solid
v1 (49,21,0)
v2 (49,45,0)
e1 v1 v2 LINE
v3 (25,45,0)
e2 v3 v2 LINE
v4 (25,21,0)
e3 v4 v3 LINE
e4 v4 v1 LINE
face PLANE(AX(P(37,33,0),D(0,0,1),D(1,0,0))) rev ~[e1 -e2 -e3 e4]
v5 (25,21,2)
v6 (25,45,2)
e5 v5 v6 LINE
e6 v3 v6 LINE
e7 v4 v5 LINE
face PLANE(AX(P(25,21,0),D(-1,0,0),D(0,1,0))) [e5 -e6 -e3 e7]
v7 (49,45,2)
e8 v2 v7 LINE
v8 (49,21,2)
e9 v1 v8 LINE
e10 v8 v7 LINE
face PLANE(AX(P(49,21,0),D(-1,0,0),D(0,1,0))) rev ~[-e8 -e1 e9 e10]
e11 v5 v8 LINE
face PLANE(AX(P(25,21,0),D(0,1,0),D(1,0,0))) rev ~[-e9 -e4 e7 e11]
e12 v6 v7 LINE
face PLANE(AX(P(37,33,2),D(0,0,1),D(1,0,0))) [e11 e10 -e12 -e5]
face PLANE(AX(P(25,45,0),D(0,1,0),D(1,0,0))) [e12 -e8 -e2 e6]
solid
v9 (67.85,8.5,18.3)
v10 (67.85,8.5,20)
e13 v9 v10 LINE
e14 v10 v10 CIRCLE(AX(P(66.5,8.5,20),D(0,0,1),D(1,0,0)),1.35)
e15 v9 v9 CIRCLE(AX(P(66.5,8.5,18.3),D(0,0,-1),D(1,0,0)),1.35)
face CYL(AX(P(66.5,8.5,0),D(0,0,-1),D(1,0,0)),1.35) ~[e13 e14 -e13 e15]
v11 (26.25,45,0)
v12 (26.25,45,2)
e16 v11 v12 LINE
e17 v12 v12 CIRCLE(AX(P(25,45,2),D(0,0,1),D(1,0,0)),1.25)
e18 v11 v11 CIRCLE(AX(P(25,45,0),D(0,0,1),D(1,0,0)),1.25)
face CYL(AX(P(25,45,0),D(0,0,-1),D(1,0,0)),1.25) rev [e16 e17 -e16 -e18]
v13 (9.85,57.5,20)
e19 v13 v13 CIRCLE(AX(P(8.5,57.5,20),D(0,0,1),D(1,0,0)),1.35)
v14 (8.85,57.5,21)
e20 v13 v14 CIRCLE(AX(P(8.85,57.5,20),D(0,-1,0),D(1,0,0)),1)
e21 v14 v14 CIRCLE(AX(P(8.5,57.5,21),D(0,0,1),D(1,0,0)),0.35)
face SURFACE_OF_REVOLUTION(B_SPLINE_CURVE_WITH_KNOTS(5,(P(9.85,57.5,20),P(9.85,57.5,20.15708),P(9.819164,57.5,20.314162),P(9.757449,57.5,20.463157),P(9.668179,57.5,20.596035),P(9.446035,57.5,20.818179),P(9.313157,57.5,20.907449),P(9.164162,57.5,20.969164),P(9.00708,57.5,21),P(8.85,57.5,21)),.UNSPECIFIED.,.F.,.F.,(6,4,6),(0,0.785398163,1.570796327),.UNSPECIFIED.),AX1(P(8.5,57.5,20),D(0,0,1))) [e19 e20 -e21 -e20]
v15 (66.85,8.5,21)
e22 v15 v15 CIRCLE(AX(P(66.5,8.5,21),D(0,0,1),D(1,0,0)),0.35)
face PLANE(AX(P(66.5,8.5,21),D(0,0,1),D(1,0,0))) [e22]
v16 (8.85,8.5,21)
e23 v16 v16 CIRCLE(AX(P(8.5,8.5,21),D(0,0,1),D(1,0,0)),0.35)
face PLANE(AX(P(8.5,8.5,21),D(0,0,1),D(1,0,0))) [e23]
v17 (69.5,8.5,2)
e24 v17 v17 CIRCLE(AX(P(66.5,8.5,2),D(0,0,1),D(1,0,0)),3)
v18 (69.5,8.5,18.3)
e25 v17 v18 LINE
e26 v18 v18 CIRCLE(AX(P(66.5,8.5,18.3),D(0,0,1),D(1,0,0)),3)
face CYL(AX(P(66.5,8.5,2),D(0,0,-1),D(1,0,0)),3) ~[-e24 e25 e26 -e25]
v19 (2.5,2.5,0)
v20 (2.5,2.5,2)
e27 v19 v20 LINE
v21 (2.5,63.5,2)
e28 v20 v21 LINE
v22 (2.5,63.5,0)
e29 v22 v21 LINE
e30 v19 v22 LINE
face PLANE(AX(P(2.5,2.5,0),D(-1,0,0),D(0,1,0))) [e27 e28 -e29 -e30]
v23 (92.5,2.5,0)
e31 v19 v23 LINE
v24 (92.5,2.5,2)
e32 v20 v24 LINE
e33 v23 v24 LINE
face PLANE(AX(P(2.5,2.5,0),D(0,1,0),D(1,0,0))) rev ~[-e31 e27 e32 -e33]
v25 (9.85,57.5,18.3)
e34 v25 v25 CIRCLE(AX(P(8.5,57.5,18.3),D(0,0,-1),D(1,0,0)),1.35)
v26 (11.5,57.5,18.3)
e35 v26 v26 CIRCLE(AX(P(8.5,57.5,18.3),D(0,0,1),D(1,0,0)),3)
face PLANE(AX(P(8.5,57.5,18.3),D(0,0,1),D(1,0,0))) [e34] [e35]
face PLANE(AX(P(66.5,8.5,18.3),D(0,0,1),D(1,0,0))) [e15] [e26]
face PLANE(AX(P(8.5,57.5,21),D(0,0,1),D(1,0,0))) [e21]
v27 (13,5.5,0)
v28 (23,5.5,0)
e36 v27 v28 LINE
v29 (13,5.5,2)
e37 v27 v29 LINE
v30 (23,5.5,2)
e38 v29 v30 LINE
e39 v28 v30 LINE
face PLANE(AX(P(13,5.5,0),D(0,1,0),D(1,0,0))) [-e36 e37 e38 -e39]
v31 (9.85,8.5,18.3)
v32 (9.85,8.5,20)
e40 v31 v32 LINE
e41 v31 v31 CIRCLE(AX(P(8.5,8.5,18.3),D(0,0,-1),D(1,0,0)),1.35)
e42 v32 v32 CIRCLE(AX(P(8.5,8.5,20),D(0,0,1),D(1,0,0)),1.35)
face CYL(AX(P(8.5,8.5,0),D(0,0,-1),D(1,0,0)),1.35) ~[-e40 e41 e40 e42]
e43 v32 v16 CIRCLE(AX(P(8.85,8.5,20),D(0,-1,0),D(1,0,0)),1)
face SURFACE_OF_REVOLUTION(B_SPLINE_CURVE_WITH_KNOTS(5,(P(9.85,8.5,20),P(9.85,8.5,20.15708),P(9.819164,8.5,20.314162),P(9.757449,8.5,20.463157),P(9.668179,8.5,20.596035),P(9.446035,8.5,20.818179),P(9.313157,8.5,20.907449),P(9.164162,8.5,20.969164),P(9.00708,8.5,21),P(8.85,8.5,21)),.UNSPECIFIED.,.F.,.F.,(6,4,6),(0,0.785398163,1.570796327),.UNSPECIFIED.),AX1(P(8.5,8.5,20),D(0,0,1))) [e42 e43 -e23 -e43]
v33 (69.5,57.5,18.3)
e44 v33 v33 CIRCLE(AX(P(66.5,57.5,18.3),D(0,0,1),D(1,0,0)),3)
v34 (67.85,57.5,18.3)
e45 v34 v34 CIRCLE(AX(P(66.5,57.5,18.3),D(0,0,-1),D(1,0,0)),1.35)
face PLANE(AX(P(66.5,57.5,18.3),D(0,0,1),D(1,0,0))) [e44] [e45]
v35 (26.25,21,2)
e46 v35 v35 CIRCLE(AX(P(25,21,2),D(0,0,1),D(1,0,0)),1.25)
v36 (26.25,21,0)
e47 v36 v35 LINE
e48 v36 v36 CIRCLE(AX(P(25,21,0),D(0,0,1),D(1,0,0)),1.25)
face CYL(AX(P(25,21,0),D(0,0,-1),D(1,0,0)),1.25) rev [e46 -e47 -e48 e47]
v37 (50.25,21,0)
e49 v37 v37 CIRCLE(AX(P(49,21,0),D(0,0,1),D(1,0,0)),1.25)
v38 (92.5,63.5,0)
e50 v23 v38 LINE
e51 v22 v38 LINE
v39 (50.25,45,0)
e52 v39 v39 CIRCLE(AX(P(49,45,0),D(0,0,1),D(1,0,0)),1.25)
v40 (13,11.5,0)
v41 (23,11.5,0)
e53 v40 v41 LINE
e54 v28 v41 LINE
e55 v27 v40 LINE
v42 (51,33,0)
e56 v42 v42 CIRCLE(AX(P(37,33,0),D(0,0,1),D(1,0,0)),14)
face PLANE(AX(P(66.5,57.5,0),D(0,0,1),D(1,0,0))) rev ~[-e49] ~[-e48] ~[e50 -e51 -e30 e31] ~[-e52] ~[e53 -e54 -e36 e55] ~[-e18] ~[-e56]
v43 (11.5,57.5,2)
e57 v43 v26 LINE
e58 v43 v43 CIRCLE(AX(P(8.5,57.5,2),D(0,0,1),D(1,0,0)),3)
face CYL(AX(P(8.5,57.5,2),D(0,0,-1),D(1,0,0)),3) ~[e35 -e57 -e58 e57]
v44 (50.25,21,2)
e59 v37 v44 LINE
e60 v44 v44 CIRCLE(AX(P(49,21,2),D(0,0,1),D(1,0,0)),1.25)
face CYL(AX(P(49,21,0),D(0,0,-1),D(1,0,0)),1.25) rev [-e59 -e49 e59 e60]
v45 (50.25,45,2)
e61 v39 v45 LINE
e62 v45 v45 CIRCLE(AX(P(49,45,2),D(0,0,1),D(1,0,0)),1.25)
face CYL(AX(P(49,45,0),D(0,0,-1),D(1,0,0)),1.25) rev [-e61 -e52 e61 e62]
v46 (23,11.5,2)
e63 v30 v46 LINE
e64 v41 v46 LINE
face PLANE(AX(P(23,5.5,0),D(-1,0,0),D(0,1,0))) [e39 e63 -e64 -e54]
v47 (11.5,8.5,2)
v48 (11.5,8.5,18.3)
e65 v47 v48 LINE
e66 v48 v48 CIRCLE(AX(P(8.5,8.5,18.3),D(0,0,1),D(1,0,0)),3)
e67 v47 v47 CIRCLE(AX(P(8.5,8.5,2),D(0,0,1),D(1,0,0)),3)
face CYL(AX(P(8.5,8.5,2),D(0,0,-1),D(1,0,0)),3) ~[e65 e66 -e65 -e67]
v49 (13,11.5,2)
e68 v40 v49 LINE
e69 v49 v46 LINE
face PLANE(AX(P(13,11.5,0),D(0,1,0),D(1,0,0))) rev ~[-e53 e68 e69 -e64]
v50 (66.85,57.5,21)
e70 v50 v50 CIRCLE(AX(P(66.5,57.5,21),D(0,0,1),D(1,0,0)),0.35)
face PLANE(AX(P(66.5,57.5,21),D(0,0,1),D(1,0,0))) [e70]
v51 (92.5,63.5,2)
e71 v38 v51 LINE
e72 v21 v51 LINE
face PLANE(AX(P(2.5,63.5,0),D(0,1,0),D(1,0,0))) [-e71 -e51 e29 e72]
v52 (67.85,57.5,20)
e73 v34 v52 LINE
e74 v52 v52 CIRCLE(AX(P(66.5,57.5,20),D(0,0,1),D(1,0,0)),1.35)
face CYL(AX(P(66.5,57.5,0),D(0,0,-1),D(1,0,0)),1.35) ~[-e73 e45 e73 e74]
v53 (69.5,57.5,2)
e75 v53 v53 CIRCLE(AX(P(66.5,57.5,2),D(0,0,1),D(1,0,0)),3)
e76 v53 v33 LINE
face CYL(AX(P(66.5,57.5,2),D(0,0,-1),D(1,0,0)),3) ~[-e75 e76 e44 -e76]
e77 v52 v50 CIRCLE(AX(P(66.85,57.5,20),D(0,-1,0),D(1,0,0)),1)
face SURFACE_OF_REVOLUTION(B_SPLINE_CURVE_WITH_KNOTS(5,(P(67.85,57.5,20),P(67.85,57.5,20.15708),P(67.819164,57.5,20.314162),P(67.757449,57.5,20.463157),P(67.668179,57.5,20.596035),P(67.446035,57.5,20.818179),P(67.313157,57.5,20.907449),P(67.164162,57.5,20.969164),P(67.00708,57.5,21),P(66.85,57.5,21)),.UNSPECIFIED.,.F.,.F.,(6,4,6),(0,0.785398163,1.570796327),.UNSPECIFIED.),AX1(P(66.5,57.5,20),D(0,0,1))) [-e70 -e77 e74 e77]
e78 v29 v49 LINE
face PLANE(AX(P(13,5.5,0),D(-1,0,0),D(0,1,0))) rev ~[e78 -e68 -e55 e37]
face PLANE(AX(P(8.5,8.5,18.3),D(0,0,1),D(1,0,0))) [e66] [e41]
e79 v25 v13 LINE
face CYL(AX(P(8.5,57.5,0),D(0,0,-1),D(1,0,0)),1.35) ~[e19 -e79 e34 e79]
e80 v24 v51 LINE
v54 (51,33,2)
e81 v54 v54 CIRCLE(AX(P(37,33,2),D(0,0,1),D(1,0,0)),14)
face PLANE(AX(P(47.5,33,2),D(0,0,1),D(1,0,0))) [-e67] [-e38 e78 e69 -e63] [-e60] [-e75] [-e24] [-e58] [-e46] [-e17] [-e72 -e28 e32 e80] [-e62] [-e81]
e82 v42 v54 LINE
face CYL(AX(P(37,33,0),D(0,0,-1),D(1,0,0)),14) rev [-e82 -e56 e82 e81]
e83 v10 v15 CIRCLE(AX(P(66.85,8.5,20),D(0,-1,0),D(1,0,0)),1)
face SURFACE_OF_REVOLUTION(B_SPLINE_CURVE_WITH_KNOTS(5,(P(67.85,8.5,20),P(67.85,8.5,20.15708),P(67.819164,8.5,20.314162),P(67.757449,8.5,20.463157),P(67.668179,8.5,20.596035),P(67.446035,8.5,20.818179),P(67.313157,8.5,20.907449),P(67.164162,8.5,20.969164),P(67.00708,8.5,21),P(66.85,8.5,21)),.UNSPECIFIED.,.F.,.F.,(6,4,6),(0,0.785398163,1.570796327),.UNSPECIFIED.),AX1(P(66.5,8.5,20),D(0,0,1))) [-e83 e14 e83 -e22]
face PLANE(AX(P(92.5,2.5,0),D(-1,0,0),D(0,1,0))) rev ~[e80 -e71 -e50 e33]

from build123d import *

# Parameters (mm, degrees)
BOX001_W          = 24
BOX001_H          = 24
BOX001_DEPTH      = 2
CYLINDER012_R     = 1.25
CYLINDER012_DEPTH = 2
CYLINDER013_R     = 1.25
CYLINDER013_DEPTH = 2
CYLINDER014_R     = 1.25
CYLINDER014_DEPTH = 2
CYLINDER015_R     = 1.25
CYLINDER015_DEPTH = 2
BOX002_W          = 10
BOX002_H          = 6
BOX002_DEPTH      = 2
CYLINDER016_R     = 14
CYLINDER016_DEPTH = 2
CYLINDER002_R     = 1
CYLINDER002_DEPTH = 5
CYLINDER003_R     = 3
CYLINDER003_DEPTH = 16.3
CYLINDER004_R     = 1
CYLINDER004_DEPTH = 5
CYLINDER005_R     = 3
CYLINDER005_DEPTH = 16.3
CYLINDER006_R     = 1
CYLINDER006_DEPTH = 5
CYLINDER007_R     = 3
CYLINDER007_DEPTH = 16.3
CYLINDER001_R     = 1
CYLINDER001_DEPTH = 5
CYLINDER_R        = 3
CYLINDER_DEPTH    = 16.3
CYLINDER008_R     = 1.35
CYLINDER008_DEPTH = 21
FILLET_R          = 1
CYLINDER009_R     = 1.35
CYLINDER009_DEPTH = 21
FILLET001_R       = 1
CYLINDER010_R     = 1.35
CYLINDER010_DEPTH = 21
FILLET002_R       = 1
CYLINDER011_R     = 1.35
CYLINDER011_DEPTH = 21
FILLET003_R       = 1
BOX_W             = 90
BOX_H             = 61
BOX_DEPTH         = 2


with BuildPart() as cube:
    # Box001 → Box001 (new body)
    with BuildSketch(Plane(origin=(25, 21, 0), x_dir=(1, 0, 0), z_dir=(0, 0, 1))):
        with Locations((12, 12)):
            Rectangle(BOX001_W, BOX001_H)
    extrude(amount=BOX001_DEPTH)


with BuildPart() as cylinder012:
    # Cylinder012 → Cylinder012 (new body)
    with BuildSketch(Plane(origin=(25, 21, 0), x_dir=(1, 0, 0), z_dir=(0, 0, 1))):
        Circle(CYLINDER012_R)
    extrude(amount=CYLINDER012_DEPTH)


with BuildPart() as cylinder013:
    # Cylinder013 → Cylinder013 (new body)
    with BuildSketch(Plane(origin=(25, 45, 0), x_dir=(1, 0, 0), z_dir=(0, 0, 1))):
        Circle(CYLINDER013_R)
    extrude(amount=CYLINDER013_DEPTH)


with BuildPart() as cylinder014:
    # Cylinder014 → Cylinder014 (new body)
    with BuildSketch(Plane(origin=(49, 45, 0), x_dir=(1, 0, 0), z_dir=(0, 0, 1))):
        Circle(CYLINDER014_R)
    extrude(amount=CYLINDER014_DEPTH)


with BuildPart() as cylinder015:
    # Cylinder015 → Cylinder015 (new body)
    with BuildSketch(Plane(origin=(49, 21, 0), x_dir=(1, 0, 0), z_dir=(0, 0, 1))):
        Circle(CYLINDER015_R)
    extrude(amount=CYLINDER015_DEPTH)


with BuildPart() as box002:
    # Box002 → Box002 (new body)
    with BuildSketch(Plane(origin=(13, 5.5, 0), x_dir=(1, 0, 0), z_dir=(0, 0, 1))):
        with Locations((5, 3)):
            Rectangle(BOX002_W, BOX002_H)
    extrude(amount=BOX002_DEPTH)


with BuildPart() as fanhole:
    # Cylinder016 → Cylinder016 (new body)
    with BuildSketch(Plane(origin=(37, 33, 0), x_dir=(1, 0, 0), z_dir=(0, 0, 1))):
        Circle(CYLINDER016_R)
    extrude(amount=CYLINDER016_DEPTH)


with BuildPart() as inside_cyl001:
    # Cylinder002 → Cylinder002 (new body)
    with BuildSketch(Plane(origin=(-8.5, 8.5, 0), x_dir=(1, 0, 0), z_dir=(0, 0, 1))):
        Circle(CYLINDER002_R)
    extrude(amount=CYLINDER002_DEPTH)


with BuildPart() as cut001:
    # Cylinder003 → Cylinder003 (new body)
    with BuildSketch(Plane(origin=(-8.5, 8.5, 0), x_dir=(1, 0, 0), z_dir=(0, 0, 1))):
        Circle(CYLINDER003_R)
    extrude(amount=CYLINDER003_DEPTH)

    # Cut001: cut Inside Cyl001
    add(inside_cyl001.part, mode=Mode.SUBTRACT)


with BuildPart() as cut001_1:
    # Cut001 placement: moved
    add(cut001.part.moved(Location((17, 49, 2))))


with BuildPart() as inside_cyl002:
    # Cylinder004 → Cylinder004 (new body)
    with BuildSketch(Plane(origin=(-8.5, 8.5, 0), x_dir=(1, 0, 0), z_dir=(0, 0, 1))):
        Circle(CYLINDER004_R)
    extrude(amount=CYLINDER004_DEPTH)


with BuildPart() as cut002:
    # Cylinder005 → Cylinder005 (new body)
    with BuildSketch(Plane(origin=(-8.5, 8.5, 0), x_dir=(1, 0, 0), z_dir=(0, 0, 1))):
        Circle(CYLINDER005_R)
    extrude(amount=CYLINDER005_DEPTH)

    # Cut002: cut Inside Cyl002
    add(inside_cyl002.part, mode=Mode.SUBTRACT)


with BuildPart() as cut002_1:
    # Cut002 placement: moved
    add(cut002.part.moved(Location((75, 0, 2))))


with BuildPart() as inside_cyl003:
    # Cylinder006 → Cylinder006 (new body)
    with BuildSketch(Plane(origin=(-8.5, 8.5, 0), x_dir=(1, 0, 0), z_dir=(0, 0, 1))):
        Circle(CYLINDER006_R)
    extrude(amount=CYLINDER006_DEPTH)


with BuildPart() as cut003:
    # Cylinder007 → Cylinder007 (new body)
    with BuildSketch(Plane(origin=(-8.5, 8.5, 0), x_dir=(1, 0, 0), z_dir=(0, 0, 1))):
        Circle(CYLINDER007_R)
    extrude(amount=CYLINDER007_DEPTH)

    # Cut003: cut Inside Cyl003
    add(inside_cyl003.part, mode=Mode.SUBTRACT)


with BuildPart() as cut003_1:
    # Cut003 placement: moved
    add(cut003.part.moved(Location((75, 49, 2))))


with BuildPart() as inside_cyl:
    # Cylinder001 → Cylinder001 (new body)
    with BuildSketch(Plane(origin=(-8.5, 8.5, 0), x_dir=(1, 0, 0), z_dir=(0, 0, 1))):
        Circle(CYLINDER001_R)
    extrude(amount=CYLINDER001_DEPTH)


with BuildPart() as cut:
    # Cylinder → Cylinder (new body)
    with BuildSketch(Plane(origin=(-8.5, 8.5, 0), x_dir=(1, 0, 0), z_dir=(0, 0, 1))):
        Circle(CYLINDER_R)
    extrude(amount=CYLINDER_DEPTH)

    # Cut: cut Inside Cyl
    add(inside_cyl.part, mode=Mode.SUBTRACT)


with BuildPart() as cut_1:
    # Cut placement: moved
    add(cut.part.moved(Location((17, 0, 2))))


with BuildPart() as fillet_body:
    # Cylinder008 → Cylinder008 (new body)
    with BuildSketch(Plane(origin=(8.5, 8.5, 0), x_dir=(1, 0, 0), z_dir=(0, 0, 1))):
        Circle(CYLINDER008_R)
    extrude(amount=CYLINDER008_DEPTH)

    # Fillet
    fillet_edges = [fillet_body.edges().sort_by_distance(p)[0] for p in [
        (7.15, 8.5, 21),
    ]]
    fillet(fillet_edges, radius=FILLET_R)


with BuildPart() as fillet001:
    # Cylinder009 → Cylinder009 (new body)
    with BuildSketch(Plane(origin=(8.5, 8.5, 0), x_dir=(1, 0, 0), z_dir=(0, 0, 1))):
        Circle(CYLINDER009_R)
    extrude(amount=CYLINDER009_DEPTH)

    # Fillet001
    fillet001_edges = [fillet001.edges().sort_by_distance(p)[0] for p in [
        (7.15, 8.5, 21),
    ]]
    fillet(fillet001_edges, radius=FILLET001_R)


with BuildPart() as fillet001_1:
    # Fillet001 placement: moved
    add(fillet001.part.moved(Location((0, 49, 0))))


with BuildPart() as fillet002:
    # Cylinder010 → Cylinder010 (new body)
    with BuildSketch(Plane(origin=(8.5, 8.5, 0), x_dir=(1, 0, 0), z_dir=(0, 0, 1))):
        Circle(CYLINDER010_R)
    extrude(amount=CYLINDER010_DEPTH)

    # Fillet002
    fillet002_edges = [fillet002.edges().sort_by_distance(p)[0] for p in [
        (7.15, 8.5, 21),
    ]]
    fillet(fillet002_edges, radius=FILLET002_R)


with BuildPart() as fillet002_1:
    # Fillet002 placement: moved
    add(fillet002.part.moved(Location((58, 0, 0))))


with BuildPart() as fillet003:
    # Cylinder011 → Cylinder011 (new body)
    with BuildSketch(Plane(origin=(8.5, 8.5, 0), x_dir=(1, 0, 0), z_dir=(0, 0, 1))):
        Circle(CYLINDER011_R)
    extrude(amount=CYLINDER011_DEPTH)

    # Fillet003
    fillet003_edges = [fillet003.edges().sort_by_distance(p)[0] for p in [
        (7.15, 8.5, 21),
    ]]
    fillet(fillet003_edges, radius=FILLET003_R)


with BuildPart() as fillet003_1:
    # Fillet003 placement: moved
    add(fillet003.part.moved(Location((58, 49, 0))))


with BuildPart() as rpi_base_top:
    # Box → Box (new body)
    with BuildSketch(Plane(origin=(2.5, 2.5, 0), x_dir=(1, 0, 0), z_dir=(0, 0, 1))):
        with Locations((45, 30.5)):
            Rectangle(BOX_W, BOX_H)
    extrude(amount=BOX_DEPTH)

    # Fusion: union Cut001, Cut002, Cut003, Cut, Fillet body, Fillet001, Fillet002, Fillet003
    add(cut001_1.part)
    add(cut002_1.part)
    add(cut003_1.part)
    add(cut_1.part)
    add(fillet_body.part)
    add(fillet001_1.part)
    add(fillet002_1.part)
    add(fillet003_1.part)

    # Cut004: cut FanHole
    add(fanhole.part, mode=Mode.SUBTRACT)

    # Cut005: cut Box002
    add(box002.part, mode=Mode.SUBTRACT)

    # Cut006: cut Cylinder015
    add(cylinder015.part, mode=Mode.SUBTRACT)

    # Cut007: cut Cylinder014
    add(cylinder014.part, mode=Mode.SUBTRACT)

    # Cut008: cut Cylinder013
    add(cylinder013.part, mode=Mode.SUBTRACT)

    # Cut009: cut Cylinder012
    add(cylinder012.part, mode=Mode.SUBTRACT)


solid = Compound([cube.part, rpi_base_top.part])
